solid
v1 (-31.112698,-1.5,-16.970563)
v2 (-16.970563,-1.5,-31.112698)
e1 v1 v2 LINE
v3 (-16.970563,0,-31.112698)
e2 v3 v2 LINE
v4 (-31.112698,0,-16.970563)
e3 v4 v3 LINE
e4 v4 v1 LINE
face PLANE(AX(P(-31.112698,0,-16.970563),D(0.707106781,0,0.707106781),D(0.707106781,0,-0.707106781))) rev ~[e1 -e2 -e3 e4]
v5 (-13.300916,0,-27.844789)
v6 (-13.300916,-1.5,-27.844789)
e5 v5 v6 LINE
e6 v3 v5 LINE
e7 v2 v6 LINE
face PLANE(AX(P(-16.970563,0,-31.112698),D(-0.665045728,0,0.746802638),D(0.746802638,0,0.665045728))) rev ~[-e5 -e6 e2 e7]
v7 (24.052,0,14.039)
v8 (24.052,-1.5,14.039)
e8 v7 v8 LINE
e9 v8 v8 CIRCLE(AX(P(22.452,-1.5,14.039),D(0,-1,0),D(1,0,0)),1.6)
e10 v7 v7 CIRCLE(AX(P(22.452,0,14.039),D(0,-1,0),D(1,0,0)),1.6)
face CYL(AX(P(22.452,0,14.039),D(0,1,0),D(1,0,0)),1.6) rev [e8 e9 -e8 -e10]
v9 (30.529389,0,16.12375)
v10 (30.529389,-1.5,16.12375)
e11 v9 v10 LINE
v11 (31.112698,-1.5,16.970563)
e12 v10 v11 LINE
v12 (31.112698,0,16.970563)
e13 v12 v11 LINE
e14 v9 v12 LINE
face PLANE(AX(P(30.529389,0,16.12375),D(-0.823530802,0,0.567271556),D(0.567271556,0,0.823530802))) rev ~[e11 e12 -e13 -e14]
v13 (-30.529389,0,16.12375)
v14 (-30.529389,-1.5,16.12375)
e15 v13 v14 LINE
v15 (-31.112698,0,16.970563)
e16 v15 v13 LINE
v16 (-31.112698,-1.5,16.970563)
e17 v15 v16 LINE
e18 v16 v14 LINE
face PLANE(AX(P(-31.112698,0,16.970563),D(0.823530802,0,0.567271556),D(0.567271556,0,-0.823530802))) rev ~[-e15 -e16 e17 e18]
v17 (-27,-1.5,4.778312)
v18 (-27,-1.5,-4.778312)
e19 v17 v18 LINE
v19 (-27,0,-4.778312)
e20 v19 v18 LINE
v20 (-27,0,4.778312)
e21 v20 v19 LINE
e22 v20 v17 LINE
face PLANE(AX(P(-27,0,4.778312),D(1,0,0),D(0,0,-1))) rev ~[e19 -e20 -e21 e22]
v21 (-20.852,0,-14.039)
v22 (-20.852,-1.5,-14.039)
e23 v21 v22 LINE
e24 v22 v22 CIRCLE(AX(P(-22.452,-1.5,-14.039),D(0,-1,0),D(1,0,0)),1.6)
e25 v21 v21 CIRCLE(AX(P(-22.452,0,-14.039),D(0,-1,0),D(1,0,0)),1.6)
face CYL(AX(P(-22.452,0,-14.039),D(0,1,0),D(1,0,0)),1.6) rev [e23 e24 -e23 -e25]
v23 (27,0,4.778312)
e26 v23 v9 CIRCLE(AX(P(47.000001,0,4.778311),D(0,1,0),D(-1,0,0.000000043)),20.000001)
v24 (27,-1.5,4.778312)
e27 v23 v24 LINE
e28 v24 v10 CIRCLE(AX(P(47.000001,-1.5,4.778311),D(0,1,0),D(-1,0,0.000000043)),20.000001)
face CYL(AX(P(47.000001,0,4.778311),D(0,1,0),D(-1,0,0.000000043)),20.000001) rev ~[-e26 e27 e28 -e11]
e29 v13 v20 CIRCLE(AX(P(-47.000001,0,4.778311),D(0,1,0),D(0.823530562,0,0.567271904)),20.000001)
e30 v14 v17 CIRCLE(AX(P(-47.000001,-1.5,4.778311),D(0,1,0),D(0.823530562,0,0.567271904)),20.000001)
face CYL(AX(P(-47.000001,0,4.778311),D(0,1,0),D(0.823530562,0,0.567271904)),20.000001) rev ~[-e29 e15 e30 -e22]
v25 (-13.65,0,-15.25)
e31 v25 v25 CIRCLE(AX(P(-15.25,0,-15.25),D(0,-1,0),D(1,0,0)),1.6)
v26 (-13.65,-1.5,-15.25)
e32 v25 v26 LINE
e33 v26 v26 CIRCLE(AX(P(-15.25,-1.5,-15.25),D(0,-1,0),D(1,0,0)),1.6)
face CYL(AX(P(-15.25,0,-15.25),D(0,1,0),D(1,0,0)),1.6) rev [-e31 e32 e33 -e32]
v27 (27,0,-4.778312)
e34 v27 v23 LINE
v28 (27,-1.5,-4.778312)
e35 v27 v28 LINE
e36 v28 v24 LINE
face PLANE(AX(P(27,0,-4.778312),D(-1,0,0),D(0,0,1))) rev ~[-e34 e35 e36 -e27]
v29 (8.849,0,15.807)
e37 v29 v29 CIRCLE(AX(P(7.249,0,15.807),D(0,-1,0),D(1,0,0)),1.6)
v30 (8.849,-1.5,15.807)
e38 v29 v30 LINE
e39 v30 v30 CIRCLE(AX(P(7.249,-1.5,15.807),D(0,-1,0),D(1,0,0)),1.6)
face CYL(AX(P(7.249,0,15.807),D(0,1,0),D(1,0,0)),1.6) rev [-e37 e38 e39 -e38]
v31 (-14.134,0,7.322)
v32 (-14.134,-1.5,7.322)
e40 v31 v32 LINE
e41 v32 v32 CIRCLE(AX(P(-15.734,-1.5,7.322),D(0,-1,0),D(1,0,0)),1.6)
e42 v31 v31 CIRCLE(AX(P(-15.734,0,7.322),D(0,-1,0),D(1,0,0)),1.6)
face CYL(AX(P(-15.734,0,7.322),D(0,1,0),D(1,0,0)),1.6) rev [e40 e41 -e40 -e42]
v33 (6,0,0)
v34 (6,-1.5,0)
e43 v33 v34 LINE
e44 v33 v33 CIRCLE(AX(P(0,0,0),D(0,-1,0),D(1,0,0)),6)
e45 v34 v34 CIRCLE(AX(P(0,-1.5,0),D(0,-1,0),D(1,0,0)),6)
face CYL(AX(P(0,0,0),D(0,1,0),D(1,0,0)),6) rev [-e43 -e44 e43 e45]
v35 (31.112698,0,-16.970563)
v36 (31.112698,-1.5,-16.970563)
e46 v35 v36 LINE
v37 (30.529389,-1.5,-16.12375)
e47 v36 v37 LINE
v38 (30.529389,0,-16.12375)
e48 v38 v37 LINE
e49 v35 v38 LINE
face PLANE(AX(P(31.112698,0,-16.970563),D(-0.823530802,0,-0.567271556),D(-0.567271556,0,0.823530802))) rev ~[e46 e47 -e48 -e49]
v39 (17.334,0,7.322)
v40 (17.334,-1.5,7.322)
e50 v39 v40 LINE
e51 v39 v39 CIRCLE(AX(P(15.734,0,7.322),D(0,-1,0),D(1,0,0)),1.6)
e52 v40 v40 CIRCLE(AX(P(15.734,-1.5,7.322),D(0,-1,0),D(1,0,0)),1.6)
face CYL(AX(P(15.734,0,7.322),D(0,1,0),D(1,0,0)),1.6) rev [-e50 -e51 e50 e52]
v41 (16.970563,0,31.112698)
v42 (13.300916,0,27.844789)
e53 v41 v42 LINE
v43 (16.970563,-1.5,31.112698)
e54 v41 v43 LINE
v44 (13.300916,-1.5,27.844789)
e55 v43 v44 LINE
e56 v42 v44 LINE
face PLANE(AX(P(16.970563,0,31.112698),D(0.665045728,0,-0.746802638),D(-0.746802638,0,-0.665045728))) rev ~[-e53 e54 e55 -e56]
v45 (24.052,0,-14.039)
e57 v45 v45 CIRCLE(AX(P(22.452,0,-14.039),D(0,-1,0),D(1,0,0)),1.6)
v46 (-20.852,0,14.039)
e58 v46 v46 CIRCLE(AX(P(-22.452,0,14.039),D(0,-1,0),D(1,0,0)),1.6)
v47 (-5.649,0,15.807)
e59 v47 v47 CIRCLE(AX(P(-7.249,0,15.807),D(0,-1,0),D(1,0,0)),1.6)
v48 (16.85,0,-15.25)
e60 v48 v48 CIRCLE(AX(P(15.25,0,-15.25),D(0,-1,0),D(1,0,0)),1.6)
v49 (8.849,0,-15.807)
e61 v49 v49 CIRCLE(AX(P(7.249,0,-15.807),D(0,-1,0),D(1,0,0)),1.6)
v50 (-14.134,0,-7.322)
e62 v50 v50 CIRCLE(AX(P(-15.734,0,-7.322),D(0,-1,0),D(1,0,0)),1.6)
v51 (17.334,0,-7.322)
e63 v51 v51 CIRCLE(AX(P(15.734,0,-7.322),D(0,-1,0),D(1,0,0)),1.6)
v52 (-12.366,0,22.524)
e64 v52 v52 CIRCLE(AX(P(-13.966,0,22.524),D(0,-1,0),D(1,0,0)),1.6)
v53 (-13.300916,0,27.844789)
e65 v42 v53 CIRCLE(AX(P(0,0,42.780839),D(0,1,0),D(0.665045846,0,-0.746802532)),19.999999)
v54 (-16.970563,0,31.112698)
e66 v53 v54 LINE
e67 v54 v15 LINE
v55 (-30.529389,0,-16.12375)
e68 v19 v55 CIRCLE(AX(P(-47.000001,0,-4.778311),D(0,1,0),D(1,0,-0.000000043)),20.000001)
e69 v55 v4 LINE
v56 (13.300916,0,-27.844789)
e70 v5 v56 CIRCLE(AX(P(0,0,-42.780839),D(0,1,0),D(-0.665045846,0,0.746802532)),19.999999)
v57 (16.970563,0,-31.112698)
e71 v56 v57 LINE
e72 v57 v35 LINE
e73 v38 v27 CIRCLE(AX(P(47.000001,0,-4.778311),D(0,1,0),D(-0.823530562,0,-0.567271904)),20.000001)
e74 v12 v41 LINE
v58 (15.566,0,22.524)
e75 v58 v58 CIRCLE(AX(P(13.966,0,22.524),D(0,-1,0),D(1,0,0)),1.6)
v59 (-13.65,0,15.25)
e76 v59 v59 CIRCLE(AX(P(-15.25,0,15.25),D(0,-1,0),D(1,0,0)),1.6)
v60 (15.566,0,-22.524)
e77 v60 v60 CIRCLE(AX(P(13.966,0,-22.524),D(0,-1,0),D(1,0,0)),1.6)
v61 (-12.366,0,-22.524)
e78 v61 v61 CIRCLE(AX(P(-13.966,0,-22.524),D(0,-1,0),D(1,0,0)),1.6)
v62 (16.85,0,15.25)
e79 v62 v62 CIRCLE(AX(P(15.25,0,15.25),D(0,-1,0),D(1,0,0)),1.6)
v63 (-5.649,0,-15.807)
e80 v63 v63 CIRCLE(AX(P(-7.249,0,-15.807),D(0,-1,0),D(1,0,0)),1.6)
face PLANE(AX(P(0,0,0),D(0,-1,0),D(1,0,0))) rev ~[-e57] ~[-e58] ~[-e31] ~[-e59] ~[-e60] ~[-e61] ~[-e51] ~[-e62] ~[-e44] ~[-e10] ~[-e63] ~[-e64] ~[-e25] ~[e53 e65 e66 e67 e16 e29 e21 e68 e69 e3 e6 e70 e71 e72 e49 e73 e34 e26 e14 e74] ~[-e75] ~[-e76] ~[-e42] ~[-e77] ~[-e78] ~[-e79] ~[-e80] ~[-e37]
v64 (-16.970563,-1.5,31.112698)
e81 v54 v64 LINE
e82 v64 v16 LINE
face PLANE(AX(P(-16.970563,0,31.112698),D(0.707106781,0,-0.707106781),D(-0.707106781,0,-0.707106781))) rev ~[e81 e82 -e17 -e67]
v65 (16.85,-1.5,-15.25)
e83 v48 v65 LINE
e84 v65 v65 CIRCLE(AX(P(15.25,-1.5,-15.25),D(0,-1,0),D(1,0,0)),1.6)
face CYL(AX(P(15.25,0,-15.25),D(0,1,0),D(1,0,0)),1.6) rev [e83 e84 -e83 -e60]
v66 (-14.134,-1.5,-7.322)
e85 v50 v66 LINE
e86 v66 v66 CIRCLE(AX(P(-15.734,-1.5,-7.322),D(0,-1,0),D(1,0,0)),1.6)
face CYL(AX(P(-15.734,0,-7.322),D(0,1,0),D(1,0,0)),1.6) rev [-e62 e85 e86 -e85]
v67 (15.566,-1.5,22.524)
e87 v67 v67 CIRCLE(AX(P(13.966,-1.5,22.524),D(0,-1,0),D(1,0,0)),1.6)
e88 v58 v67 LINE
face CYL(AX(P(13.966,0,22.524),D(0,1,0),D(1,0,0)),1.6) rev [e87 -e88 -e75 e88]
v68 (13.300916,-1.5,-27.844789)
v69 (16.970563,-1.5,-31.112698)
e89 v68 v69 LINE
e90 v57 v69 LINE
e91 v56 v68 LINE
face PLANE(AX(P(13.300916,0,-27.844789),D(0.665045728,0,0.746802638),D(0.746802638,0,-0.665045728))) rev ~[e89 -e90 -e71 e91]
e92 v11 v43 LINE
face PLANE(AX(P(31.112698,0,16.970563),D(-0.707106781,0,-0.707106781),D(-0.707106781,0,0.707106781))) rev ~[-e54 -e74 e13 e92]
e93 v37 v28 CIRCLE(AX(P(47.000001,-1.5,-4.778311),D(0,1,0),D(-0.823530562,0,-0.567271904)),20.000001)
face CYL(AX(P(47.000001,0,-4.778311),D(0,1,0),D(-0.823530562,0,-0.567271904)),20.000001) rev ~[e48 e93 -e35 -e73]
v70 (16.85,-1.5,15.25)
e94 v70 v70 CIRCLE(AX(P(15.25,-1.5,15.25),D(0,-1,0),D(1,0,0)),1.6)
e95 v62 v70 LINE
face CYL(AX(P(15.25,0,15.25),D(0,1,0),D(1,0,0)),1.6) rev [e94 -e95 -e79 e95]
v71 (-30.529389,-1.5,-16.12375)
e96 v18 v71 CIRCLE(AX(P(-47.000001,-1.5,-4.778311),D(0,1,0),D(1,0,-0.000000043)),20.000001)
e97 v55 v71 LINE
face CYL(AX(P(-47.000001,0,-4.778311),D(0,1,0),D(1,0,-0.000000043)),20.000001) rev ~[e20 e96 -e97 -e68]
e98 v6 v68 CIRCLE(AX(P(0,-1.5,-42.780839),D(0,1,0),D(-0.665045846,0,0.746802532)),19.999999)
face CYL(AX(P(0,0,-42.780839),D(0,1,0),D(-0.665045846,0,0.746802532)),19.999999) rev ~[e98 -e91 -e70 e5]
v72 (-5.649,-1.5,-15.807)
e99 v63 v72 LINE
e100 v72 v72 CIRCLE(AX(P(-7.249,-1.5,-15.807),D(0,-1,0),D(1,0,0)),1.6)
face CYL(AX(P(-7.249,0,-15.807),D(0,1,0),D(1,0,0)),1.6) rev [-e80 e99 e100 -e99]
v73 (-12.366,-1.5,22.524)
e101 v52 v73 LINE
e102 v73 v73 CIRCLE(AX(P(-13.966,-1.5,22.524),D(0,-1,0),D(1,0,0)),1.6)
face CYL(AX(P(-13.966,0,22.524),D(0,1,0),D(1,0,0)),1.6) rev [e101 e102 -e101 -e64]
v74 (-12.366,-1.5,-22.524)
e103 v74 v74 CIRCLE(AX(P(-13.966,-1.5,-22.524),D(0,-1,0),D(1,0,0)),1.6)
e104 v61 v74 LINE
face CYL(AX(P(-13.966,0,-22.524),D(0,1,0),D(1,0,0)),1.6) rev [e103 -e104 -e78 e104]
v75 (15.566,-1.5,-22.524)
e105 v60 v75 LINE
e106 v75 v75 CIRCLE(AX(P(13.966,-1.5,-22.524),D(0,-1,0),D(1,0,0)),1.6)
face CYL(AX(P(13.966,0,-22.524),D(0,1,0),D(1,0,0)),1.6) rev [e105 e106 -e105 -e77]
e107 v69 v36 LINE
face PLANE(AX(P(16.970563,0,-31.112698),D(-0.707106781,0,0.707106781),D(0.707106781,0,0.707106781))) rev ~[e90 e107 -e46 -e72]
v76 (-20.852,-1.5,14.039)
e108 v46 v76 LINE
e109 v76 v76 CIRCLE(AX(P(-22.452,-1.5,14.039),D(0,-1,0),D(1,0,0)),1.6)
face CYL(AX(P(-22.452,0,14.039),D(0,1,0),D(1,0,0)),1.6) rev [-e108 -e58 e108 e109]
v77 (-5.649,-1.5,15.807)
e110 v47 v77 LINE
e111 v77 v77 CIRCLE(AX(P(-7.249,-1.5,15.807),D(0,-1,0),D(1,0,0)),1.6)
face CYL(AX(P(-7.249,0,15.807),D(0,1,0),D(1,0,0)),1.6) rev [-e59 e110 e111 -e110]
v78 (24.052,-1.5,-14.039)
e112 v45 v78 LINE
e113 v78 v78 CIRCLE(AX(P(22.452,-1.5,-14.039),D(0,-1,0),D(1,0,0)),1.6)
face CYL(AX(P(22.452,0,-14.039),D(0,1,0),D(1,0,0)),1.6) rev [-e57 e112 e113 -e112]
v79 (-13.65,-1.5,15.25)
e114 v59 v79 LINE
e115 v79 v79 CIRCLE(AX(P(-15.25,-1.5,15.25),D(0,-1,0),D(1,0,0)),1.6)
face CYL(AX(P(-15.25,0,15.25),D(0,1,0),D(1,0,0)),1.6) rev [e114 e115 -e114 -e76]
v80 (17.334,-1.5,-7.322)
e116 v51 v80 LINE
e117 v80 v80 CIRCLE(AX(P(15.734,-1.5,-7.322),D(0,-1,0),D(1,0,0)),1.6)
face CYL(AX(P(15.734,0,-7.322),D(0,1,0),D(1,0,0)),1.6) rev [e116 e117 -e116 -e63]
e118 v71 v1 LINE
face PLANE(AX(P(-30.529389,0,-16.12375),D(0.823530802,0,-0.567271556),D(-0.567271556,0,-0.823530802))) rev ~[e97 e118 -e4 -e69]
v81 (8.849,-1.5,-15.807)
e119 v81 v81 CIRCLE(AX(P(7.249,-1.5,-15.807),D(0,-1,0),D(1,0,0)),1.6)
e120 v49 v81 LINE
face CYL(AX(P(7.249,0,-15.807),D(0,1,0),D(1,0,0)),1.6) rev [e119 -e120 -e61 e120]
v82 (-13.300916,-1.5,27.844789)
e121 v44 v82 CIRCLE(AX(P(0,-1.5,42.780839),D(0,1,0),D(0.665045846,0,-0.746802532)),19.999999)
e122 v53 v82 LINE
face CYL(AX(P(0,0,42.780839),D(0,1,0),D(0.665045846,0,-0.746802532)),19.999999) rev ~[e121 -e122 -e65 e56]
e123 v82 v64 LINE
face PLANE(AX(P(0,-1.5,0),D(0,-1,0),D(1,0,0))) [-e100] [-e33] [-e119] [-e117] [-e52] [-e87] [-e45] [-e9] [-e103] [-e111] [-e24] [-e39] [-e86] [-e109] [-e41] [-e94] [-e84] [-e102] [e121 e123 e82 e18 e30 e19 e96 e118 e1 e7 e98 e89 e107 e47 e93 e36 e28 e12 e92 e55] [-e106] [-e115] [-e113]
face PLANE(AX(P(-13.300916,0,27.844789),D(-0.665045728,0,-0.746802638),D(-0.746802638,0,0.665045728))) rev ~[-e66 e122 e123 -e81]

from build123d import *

# Parameters (mm, degrees)
F0_R     = 1.6
F0_R_2   = 6
F1_DEPTH = 1.5


with BuildPart() as f1:
    # F0 (on Front) → F1 (new body)
    with BuildSketch(Plane.XZ):
        with BuildLine():
            Line((31.112698, 16.970563), (16.970563, 31.112698))
            Line((16.970563, 31.112698), (13.300916, 27.844789))
            ThreePointArc((13.300916, 27.844789), (0, 22.78084), (-13.300916, 27.844789))
            Line((-13.300916, 27.844789), (-16.970563, 31.112698))
            Line((-16.970563, 31.112698), (-31.112698, 16.970563))
            Line((-31.112698, 16.970563), (-30.529389, 16.12375))
            ThreePointArc((-30.529389, 16.12375), (-27.90272, 10.719178), (-27, 4.778312))
            Line((-27, 4.778312), (-27, -4.778312))
            ThreePointArc((-27, -4.778312), (-27.90272, -10.719178), (-30.529389, -16.12375))
            Line((-30.529389, -16.12375), (-31.112698, -16.970563))
            Line((-31.112698, -16.970563), (-16.970563, -31.112698))
            Line((-16.970563, -31.112698), (-13.300916, -27.844789))
            ThreePointArc((-13.300916, -27.844789), (0, -22.78084), (13.300916, -27.844789))
            Line((13.300916, -27.844789), (16.970563, -31.112698))
            Line((16.970563, -31.112698), (31.112698, -16.970563))
            Line((31.112698, -16.970563), (30.529389, -16.12375))
            ThreePointArc((30.529389, -16.12375), (27.90272, -10.719178), (27, -4.778312))
            Line((27, -4.778312), (27, 4.778312))
            ThreePointArc((27, 4.778312), (27.90272, 10.719178), (30.529389, 16.12375))
            Line((30.529389, 16.12375), (31.112698, 16.970563))
        make_face()
        with Locations((-13.966, -22.524)):
            Circle(F0_R, mode=Mode.SUBTRACT)
        with Locations((-7.249, -15.807)):
            Circle(F0_R, mode=Mode.SUBTRACT)
        with Locations((-22.452, -14.039)):
            Circle(F0_R, mode=Mode.SUBTRACT)
        with Locations((-15.734, -7.322)):
            Circle(F0_R, mode=Mode.SUBTRACT)
        with Locations((-15.25, -15.25)):
            Circle(F0_R, mode=Mode.SUBTRACT)
        Circle(F0_R_2, mode=Mode.SUBTRACT)
        with Locations((7.249, -15.807)):
            Circle(F0_R, mode=Mode.SUBTRACT)
        with Locations((13.966, -22.524)):
            Circle(F0_R, mode=Mode.SUBTRACT)
        with Locations((15.25, -15.25)):
            Circle(F0_R, mode=Mode.SUBTRACT)
        with Locations((22.452, -14.039)):
            Circle(F0_R, mode=Mode.SUBTRACT)
        with Locations((15.734, -7.322)):
            Circle(F0_R, mode=Mode.SUBTRACT)
        with Locations((-15.734, 7.322)):
            Circle(F0_R, mode=Mode.SUBTRACT)
        with Locations((-22.452, 14.039)):
            Circle(F0_R, mode=Mode.SUBTRACT)
        with Locations((-15.25, 15.25)):
            Circle(F0_R, mode=Mode.SUBTRACT)
        with Locations((-13.966, 22.524)):
            Circle(F0_R, mode=Mode.SUBTRACT)
        with Locations((-7.249, 15.807)):
            Circle(F0_R, mode=Mode.SUBTRACT)
        with Locations((15.25, 15.25)):
            Circle(F0_R, mode=Mode.SUBTRACT)
        with Locations((15.734, 7.322)):
            Circle(F0_R, mode=Mode.SUBTRACT)
        with Locations((22.452, 14.039)):
            Circle(F0_R, mode=Mode.SUBTRACT)
        with Locations((7.249, 15.807)):
            Circle(F0_R, mode=Mode.SUBTRACT)
        with Locations((13.966, 22.524)):
            Circle(F0_R, mode=Mode.SUBTRACT)
    extrude(amount=F1_DEPTH)


solid = f1.part
